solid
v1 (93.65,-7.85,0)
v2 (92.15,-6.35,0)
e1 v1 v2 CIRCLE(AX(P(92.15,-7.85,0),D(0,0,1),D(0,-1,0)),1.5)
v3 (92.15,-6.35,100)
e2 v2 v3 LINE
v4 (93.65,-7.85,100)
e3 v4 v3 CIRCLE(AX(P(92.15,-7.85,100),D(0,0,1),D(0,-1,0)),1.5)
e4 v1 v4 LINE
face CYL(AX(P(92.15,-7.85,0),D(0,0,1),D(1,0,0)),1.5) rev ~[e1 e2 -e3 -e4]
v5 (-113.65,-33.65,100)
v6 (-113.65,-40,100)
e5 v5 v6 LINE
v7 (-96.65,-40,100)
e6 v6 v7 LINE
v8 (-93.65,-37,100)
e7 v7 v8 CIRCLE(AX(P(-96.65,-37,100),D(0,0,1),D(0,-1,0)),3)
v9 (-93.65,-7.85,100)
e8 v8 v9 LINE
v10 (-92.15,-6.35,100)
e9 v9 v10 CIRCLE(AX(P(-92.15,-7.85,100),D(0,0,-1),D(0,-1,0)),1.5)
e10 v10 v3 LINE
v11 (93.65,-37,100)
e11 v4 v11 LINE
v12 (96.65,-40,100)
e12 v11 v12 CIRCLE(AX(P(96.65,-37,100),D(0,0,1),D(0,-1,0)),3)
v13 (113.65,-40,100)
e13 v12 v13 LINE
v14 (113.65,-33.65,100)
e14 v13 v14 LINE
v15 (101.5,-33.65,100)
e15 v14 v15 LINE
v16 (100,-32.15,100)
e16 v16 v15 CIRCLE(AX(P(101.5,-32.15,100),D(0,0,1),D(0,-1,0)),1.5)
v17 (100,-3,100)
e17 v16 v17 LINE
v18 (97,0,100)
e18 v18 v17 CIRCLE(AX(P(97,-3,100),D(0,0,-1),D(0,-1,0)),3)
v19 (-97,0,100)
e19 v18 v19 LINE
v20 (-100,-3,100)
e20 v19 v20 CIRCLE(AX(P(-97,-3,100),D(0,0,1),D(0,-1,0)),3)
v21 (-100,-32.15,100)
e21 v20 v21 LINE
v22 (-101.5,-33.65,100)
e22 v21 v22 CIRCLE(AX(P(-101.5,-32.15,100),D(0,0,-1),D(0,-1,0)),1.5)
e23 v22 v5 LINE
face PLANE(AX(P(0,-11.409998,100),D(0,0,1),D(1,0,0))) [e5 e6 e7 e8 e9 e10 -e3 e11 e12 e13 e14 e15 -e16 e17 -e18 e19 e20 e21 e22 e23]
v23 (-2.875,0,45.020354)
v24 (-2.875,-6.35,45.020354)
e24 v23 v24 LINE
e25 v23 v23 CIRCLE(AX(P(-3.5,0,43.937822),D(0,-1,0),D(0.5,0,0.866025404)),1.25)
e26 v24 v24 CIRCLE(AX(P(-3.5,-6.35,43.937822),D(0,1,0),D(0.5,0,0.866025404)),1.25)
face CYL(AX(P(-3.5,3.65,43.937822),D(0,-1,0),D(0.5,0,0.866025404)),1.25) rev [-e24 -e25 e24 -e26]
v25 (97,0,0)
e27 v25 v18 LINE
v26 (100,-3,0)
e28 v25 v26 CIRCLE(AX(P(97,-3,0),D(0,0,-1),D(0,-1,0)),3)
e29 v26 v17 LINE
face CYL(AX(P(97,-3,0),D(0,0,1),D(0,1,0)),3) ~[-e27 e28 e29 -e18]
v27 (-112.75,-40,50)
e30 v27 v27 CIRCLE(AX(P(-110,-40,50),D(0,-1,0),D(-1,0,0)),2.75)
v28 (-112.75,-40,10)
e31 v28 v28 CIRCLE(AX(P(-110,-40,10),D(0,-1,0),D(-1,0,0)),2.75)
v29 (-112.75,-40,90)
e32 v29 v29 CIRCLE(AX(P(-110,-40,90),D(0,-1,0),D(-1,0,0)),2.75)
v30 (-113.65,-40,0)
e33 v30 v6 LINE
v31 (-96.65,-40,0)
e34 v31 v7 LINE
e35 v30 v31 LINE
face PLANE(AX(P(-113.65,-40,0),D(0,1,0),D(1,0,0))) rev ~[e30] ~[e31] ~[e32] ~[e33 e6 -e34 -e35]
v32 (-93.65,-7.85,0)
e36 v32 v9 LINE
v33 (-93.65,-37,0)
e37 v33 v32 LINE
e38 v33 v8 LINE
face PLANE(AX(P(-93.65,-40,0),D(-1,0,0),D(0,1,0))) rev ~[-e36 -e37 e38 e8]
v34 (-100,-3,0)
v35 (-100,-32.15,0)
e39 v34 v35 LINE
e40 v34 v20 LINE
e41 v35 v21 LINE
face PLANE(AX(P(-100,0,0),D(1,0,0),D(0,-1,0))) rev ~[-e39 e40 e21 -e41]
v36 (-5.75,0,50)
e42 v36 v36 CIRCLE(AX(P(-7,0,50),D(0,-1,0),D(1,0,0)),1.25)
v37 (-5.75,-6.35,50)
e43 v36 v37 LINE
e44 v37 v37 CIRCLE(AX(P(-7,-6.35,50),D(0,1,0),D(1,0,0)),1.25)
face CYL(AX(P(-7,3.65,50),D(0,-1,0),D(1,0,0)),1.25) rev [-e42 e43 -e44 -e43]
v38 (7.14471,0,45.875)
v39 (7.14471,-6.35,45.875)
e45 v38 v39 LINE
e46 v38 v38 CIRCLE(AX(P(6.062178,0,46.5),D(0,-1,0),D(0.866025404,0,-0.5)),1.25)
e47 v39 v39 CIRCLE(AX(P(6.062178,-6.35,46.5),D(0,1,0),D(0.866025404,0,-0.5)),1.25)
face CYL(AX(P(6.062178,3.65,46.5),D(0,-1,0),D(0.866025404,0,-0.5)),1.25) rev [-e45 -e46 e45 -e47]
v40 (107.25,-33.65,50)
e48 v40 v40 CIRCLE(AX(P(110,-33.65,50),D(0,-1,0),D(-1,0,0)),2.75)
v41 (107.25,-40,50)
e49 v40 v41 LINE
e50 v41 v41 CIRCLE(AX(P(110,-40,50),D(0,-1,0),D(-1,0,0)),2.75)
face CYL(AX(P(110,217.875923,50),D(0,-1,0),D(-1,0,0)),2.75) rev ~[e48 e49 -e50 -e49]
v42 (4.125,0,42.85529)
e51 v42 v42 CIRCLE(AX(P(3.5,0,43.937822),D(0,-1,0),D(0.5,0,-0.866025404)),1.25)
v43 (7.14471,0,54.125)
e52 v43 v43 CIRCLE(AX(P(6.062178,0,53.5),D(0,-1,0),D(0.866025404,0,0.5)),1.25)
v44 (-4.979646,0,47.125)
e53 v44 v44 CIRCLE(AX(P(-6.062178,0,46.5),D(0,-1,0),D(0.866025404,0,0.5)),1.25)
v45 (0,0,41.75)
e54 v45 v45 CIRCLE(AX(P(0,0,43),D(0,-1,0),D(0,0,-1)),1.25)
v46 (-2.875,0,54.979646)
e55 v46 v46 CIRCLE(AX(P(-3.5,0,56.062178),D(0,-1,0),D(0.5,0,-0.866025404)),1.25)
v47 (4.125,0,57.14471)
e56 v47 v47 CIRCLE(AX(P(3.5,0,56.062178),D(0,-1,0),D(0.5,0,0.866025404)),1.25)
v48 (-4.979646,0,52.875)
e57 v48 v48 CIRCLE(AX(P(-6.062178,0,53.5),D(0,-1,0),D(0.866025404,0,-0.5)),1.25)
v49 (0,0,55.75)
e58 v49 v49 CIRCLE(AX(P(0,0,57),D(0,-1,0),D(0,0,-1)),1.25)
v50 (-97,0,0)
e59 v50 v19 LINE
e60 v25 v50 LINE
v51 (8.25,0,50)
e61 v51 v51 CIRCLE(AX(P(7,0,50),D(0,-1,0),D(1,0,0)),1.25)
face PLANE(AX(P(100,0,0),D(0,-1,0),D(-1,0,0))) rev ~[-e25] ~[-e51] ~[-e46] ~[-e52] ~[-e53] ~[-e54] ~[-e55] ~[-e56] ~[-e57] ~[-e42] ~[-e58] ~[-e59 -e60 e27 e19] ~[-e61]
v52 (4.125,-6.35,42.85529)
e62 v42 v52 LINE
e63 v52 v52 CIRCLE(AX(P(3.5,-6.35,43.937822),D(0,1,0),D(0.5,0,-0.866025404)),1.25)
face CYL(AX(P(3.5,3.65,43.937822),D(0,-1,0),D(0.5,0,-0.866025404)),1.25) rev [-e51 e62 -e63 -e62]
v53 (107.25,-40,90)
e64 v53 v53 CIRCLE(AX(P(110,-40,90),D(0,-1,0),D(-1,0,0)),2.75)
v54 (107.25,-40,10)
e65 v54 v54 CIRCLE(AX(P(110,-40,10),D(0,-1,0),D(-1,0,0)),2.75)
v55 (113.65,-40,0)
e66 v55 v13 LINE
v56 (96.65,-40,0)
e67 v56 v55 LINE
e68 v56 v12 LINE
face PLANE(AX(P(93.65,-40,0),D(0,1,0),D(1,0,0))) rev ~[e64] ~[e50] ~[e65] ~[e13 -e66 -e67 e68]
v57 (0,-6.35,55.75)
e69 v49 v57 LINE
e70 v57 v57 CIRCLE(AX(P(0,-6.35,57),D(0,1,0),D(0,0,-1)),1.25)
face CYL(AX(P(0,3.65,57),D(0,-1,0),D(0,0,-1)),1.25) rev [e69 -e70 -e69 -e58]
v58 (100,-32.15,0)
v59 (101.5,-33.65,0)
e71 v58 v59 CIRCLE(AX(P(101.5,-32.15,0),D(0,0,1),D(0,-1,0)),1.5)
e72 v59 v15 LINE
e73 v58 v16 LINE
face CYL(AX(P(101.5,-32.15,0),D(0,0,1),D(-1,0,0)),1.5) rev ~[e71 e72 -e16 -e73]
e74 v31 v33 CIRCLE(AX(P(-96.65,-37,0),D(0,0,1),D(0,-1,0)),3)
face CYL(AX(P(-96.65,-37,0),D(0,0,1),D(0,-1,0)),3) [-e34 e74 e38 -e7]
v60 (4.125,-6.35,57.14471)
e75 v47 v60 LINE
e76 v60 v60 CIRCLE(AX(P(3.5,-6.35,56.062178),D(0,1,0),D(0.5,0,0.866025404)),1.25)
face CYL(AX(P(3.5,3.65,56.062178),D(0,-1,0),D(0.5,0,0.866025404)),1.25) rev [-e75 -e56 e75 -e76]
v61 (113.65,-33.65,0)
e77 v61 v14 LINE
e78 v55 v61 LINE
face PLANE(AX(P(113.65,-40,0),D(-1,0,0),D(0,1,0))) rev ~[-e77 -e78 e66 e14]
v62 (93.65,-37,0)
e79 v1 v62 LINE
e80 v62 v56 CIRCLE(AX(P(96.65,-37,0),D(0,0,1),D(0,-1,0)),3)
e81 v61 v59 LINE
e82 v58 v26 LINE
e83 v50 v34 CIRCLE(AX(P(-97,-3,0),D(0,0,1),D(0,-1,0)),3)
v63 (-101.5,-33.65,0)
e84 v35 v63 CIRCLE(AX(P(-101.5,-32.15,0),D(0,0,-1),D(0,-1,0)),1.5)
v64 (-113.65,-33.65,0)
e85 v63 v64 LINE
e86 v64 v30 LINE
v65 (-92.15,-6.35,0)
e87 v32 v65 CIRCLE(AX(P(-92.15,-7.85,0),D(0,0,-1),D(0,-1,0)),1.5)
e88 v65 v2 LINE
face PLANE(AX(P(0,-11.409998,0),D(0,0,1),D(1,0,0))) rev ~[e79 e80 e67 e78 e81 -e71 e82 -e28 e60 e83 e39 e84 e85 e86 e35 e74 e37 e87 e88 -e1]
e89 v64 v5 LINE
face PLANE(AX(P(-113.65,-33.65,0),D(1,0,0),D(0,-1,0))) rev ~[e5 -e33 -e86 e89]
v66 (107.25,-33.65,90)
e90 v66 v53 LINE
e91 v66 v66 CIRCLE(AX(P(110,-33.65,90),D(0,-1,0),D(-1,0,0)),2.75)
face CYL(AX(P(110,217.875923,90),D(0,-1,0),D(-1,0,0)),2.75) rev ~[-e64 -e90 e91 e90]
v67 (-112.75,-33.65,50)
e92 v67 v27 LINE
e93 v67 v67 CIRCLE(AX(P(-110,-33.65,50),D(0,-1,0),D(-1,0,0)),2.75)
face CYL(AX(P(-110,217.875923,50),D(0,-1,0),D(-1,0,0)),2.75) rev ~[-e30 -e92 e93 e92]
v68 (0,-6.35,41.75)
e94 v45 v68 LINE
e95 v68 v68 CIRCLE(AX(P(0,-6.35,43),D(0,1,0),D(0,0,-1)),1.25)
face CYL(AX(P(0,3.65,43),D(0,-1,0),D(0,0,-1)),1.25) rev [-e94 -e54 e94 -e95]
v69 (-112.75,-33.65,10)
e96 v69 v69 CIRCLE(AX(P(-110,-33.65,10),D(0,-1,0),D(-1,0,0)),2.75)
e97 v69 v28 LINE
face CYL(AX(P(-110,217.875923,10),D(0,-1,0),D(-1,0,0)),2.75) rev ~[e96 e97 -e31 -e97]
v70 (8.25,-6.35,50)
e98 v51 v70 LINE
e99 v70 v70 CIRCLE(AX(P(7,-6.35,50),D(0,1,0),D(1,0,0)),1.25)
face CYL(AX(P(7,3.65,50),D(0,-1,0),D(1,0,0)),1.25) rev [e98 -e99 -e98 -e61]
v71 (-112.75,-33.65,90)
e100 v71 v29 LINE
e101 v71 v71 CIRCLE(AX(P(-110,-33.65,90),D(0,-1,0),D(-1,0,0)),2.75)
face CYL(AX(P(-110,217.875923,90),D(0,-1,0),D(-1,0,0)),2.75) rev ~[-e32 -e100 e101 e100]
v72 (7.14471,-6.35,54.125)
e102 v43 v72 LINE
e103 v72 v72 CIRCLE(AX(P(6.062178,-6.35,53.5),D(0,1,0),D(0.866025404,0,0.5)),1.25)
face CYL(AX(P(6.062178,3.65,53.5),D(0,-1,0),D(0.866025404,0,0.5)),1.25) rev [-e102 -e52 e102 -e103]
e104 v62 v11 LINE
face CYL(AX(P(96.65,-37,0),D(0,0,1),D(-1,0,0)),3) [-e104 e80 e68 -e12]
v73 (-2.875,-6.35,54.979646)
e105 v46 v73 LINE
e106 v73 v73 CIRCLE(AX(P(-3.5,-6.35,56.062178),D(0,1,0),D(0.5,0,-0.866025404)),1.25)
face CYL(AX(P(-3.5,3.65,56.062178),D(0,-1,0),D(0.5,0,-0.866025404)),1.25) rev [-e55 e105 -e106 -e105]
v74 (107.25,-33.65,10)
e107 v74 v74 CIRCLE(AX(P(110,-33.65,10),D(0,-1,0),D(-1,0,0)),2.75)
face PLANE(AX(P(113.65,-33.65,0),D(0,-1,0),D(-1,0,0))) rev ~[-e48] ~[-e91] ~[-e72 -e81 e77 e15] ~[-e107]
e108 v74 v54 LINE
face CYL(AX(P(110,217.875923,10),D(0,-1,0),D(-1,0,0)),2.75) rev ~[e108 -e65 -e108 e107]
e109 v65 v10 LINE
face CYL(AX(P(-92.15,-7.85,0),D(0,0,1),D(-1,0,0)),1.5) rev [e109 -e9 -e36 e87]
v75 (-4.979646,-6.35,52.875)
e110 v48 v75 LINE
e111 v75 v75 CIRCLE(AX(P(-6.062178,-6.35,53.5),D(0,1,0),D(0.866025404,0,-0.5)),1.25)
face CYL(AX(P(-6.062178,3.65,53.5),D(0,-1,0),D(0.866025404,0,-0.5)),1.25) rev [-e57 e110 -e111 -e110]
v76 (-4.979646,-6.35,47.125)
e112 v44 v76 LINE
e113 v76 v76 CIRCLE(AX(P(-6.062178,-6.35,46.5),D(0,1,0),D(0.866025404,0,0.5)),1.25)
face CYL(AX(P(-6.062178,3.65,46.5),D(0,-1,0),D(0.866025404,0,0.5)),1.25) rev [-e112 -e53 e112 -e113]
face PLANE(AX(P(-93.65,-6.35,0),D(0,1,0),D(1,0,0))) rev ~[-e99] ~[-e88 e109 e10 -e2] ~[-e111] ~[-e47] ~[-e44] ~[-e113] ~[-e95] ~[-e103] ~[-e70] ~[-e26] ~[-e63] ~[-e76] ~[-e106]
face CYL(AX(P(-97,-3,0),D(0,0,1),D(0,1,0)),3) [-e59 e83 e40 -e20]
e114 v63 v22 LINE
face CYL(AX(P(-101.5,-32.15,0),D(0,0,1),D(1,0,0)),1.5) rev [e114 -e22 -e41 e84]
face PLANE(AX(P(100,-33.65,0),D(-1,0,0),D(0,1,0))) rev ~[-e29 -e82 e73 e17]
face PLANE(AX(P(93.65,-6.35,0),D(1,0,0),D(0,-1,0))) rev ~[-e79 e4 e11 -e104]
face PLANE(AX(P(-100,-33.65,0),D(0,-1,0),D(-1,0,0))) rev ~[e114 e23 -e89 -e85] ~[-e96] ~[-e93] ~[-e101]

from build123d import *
from OCP.BRepFilletAPI import BRepFilletAPI_MakeFillet

# Parameters (mm, degrees)
BOSS_EXTRUDE1_DEPTH            = 100
FILLET1_R1                     = 3
FILLET1_R2                     = 1.5
F_2_5MM_DOWEL_HOLE1_AT_2_COUNT = 2
F_2_5MM_DOWEL_HOLE1_AT_2_PITCH = 14
CIRPATTERN3_COUNT              = 6
CIRPATTERN3_ANGLE              = 150
F_5_5_5_5_DIAMETER_HOLE1_D     = 5.5


with BuildPart() as part:
    # Sketch1 → Boss-Extrude1 (new body)
    with BuildSketch(Plane.XY):
        Polygon((100, 0), (-100, 0), (-100, -33.65), (-113.65, -33.65), (-113.65, -40), (-93.65, -40), (-93.65, -6.35), (93.65, -6.35), (93.65, -40), (113.65, -40), (113.65, -33.65), (100, -33.65), align=None)
    extrude(amount=BOSS_EXTRUDE1_DEPTH)

    # Fillet1: one fillet with a radius per group of edges: ONE call of the kernel's fillet builder (fillet() takes one radius for all edges)
    fillet1_edges_1 = [part.edges().sort_by_distance(p)[0] for p in [
        (-100, 0, 50),
        (-93.65, -40, 50),
        (100, 0, 50),
        (93.65, -40, 50),
    ]]
    fillet1_edges_2 = [part.edges().sort_by_distance(p)[0] for p in [
        (-93.65, -6.35, 50),
        (93.65, -6.35, 50),
        (100, -33.65, 50),
        (-100, -33.65, 50),
    ]]
    fillet1 = BRepFilletAPI_MakeFillet(part.part.solid().wrapped)
    for e in fillet1_edges_1:
        fillet1.Add(FILLET1_R1, e.wrapped)
    for e in fillet1_edges_2:
        fillet1.Add(FILLET1_R2, e.wrapped)
    add(Compound.cast(fillet1.Shape()), mode=Mode.REPLACE)

    # Sketch2 → Ø2.5mm Dowel Hole1 (revolve, cut)
    with BuildSketch(Plane(origin=(0, -6.35, 57), x_dir=(0, 0, -1), z_dir=(1, 0, 0))):
        Polygon((0, 0), (0, 10.751075774), (1.25, 10), (1.25, 0), align=None)
    f_2_5mm_dowel_hole1 = revolve(axis=Axis((0, -12.7, 57), (0, 1, 0)), mode=Mode.SUBTRACT)

    # Ø2.5mm Dowel Hole1 at 2: Ø2.5mm Dowel Hole1 ×2
    with Locations(*[(0, 0, -i * F_2_5MM_DOWEL_HOLE1_AT_2_PITCH) for i in range(1, F_2_5MM_DOWEL_HOLE1_AT_2_COUNT)]):
        add(f_2_5mm_dowel_hole1, mode=Mode.SUBTRACT)

    # CirPattern3: Ø2.5mm Dowel Hole1 ×6 about axis
    cirpattern3_axis = Axis((0, -6.35, 50), (0, -1, 0))
    for i in range(1, CIRPATTERN3_COUNT):
        add(f_2_5mm_dowel_hole1.rotate(cirpattern3_axis, i * CIRPATTERN3_ANGLE / (CIRPATTERN3_COUNT - 1)), mode=Mode.SUBTRACT)

    # CirPattern3 copy 1 sketch → CirPattern3 copy 1 (revolve, cut)
    with BuildSketch(Plane(origin=(3.5, -6.35, 43.937822174), x_dir=(0.500000000000001, 0, -0.866025403784438), z_dir=(0.866025403784438, 0, 0.500000000000001))):
        Polygon((0, 0), (0, 10.751075774), (1.25, 10), (1.25, 0), align=None)
    revolve(axis=Axis((3.5, -12.7, 43.937822174), (0, 1, 0)), mode=Mode.SUBTRACT)

    # CirPattern3 copy 2 sketch → CirPattern3 copy 2 (revolve, cut)
    with BuildSketch(Plane(origin=(6.062177826, -6.35, 46.5), x_dir=(0.8660254037844398, 0, -0.499999999999998), z_dir=(0.499999999999998, 0, 0.8660254037844398))):
        Polygon((0, 0), (0, 10.751075774), (1.25, 10), (1.25, 0), align=None)
    revolve(axis=Axis((6.062177826, -12.7, 46.5), (0, 1, 0)), mode=Mode.SUBTRACT)

    # CirPattern3 copy 3 sketch → CirPattern3 copy 3 (revolve, cut)
    with BuildSketch(Plane(origin=(7, -6.35, 50), x_dir=(1, 0, 0), z_dir=(0, 0, 1))):
        Polygon((0, 0), (0, 10.751075774), (1.25, 10), (1.25, 0), align=None)
    revolve(axis=Axis((7, -12.7, 50), (0, 1, 0)), mode=Mode.SUBTRACT)

    # CirPattern3 copy 4 sketch → CirPattern3 copy 4 (revolve, cut)
    with BuildSketch(Plane(origin=(6.062177826, -6.35, 53.5), x_dir=(0.8660254037844363, 0, 0.500000000000004), z_dir=(-0.500000000000004, 0, 0.8660254037844363))):
        Polygon((0, 0), (0, 10.751075774), (1.25, 10), (1.25, 0), align=None)
    revolve(axis=Axis((6.062177826, -12.7, 53.5), (0, 1, 0)), mode=Mode.SUBTRACT)

    # CirPattern3 copy 5 sketch → CirPattern3 copy 5 (revolve, cut)
    with BuildSketch(Plane(origin=(3.5, -6.35, 56.062177826), x_dir=(0.49999999999999495, 0, 0.8660254037844416), z_dir=(-0.8660254037844416, 0, 0.49999999999999495))):
        Polygon((0, 0), (0, 10.751075774), (1.25, 10), (1.25, 0), align=None)
    revolve(axis=Axis((3.5, -12.7, 56.062177826), (0, 1, 0)), mode=Mode.SUBTRACT)

    # Ø5.5 (5.5) Diameter Hole1 (through all)
    with Locations(Plane(origin=(0, -33.65, 0), x_dir=(1, 0, 0), z_dir=(0, 1, 0))):
        with Locations((-110, -10), (-110, -50), (-110, -90), (110, -90), (110, -50), (110, -10)):
            Hole(F_5_5_5_5_DIAMETER_HOLE1_D / 2)


solid = part.part
